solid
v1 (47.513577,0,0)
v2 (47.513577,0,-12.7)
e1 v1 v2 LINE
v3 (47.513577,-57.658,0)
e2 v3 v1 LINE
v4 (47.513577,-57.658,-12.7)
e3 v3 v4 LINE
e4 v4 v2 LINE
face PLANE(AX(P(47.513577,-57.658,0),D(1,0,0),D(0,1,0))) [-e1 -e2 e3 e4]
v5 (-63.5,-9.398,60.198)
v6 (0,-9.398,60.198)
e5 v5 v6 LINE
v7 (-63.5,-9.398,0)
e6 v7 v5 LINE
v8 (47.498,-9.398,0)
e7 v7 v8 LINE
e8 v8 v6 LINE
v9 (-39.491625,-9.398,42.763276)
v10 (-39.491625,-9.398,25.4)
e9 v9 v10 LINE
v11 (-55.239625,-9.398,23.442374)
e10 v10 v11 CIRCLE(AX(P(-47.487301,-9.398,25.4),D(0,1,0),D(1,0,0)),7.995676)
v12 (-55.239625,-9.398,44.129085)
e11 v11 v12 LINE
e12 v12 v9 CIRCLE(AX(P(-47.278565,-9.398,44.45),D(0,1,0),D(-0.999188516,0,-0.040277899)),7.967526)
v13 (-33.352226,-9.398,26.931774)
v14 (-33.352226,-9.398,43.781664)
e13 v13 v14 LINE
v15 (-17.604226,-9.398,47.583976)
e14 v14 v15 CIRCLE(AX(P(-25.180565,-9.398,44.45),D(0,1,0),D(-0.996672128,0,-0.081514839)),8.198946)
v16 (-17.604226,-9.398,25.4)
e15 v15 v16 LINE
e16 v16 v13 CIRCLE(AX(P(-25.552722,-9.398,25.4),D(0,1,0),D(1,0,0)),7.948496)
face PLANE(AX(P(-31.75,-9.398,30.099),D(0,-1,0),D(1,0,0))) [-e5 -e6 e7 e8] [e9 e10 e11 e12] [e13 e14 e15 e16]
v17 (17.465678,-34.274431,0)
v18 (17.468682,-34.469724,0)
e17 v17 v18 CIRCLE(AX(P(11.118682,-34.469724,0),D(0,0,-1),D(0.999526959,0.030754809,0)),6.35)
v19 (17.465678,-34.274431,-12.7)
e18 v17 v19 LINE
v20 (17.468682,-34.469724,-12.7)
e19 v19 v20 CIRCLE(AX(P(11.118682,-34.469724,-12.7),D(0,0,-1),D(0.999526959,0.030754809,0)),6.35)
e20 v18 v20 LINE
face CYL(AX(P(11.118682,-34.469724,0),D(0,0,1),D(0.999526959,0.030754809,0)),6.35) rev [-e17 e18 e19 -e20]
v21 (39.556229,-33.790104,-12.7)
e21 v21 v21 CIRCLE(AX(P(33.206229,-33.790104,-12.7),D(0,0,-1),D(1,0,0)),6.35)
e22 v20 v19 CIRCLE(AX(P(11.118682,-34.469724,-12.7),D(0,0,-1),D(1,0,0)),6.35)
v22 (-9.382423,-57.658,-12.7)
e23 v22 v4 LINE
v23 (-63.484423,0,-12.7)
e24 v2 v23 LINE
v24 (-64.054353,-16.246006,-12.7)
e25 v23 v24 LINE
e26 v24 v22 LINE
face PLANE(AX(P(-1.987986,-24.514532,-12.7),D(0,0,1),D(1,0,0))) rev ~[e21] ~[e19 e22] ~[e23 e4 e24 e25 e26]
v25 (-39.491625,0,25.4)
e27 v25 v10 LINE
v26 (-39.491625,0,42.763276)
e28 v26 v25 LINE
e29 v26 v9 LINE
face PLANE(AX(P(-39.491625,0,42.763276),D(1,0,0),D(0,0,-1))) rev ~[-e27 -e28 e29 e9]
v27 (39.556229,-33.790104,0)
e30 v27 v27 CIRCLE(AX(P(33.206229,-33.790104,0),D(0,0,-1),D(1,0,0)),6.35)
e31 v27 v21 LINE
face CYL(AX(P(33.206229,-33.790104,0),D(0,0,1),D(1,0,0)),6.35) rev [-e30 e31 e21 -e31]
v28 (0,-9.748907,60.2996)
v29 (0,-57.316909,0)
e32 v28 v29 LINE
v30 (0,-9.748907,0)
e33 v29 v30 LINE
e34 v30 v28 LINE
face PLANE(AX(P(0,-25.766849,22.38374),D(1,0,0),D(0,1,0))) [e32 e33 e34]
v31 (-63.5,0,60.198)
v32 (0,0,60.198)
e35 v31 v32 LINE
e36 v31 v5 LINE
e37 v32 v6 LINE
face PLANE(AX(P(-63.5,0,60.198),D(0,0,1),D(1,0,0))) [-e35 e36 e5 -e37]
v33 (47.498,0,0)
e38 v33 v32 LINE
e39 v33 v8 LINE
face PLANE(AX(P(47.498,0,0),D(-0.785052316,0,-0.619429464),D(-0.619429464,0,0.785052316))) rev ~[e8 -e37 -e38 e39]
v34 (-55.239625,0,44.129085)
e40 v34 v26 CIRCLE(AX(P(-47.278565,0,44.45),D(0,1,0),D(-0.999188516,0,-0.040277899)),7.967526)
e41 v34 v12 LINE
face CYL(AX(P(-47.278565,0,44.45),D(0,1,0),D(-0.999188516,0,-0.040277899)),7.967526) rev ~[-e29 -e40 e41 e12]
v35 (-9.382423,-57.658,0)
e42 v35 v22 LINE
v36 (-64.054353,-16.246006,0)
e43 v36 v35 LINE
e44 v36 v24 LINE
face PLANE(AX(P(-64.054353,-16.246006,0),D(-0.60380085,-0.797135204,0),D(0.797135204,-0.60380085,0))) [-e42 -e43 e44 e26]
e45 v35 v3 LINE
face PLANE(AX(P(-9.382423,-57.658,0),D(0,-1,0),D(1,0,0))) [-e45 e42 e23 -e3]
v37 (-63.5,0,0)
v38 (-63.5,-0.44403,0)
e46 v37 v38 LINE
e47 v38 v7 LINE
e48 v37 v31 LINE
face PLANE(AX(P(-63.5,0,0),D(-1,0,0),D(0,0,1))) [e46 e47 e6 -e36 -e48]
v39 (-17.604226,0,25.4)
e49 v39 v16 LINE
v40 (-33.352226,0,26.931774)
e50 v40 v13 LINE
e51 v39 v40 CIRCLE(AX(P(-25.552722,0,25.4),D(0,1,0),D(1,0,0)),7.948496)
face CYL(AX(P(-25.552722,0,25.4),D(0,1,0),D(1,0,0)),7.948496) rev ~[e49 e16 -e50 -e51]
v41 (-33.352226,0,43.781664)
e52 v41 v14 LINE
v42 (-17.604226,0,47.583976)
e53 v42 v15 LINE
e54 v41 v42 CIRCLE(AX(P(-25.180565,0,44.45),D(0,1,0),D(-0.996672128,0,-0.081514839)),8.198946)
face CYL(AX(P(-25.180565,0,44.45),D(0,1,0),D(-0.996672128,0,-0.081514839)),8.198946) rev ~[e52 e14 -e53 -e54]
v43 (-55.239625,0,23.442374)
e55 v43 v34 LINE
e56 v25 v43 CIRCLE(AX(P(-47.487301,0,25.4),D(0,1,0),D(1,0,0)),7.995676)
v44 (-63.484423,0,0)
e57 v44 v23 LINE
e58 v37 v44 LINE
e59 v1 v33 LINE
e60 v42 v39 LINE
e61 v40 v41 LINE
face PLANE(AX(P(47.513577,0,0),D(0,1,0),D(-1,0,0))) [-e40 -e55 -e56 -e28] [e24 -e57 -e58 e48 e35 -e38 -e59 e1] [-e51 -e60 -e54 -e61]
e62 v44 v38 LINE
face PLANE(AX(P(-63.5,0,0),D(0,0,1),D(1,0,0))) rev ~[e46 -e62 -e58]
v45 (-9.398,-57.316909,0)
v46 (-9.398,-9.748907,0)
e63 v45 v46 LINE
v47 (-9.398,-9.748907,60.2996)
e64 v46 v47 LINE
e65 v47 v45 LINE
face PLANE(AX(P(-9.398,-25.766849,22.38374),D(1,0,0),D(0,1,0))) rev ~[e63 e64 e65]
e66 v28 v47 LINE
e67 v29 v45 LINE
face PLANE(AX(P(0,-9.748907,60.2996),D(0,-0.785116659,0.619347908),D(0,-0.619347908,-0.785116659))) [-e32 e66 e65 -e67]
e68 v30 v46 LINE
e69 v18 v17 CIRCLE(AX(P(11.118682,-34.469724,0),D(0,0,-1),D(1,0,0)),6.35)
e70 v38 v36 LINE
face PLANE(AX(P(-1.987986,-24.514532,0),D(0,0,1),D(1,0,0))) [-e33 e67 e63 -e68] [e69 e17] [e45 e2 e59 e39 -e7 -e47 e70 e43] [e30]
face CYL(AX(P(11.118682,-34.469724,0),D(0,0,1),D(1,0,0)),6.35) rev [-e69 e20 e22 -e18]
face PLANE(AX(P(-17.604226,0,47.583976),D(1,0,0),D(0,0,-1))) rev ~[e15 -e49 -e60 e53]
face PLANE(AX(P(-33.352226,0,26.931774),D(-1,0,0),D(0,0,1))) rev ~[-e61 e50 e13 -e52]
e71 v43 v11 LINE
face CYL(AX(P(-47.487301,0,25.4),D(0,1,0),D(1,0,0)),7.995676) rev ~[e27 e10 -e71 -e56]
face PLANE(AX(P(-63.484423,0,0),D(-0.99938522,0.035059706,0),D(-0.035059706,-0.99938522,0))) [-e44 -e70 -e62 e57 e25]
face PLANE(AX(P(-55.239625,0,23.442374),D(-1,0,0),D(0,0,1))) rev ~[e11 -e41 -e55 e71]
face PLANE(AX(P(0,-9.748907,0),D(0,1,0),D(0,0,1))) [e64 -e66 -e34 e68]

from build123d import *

# Parameters (mm, degrees)
F0_W     = 63.5
F0_H     = 60.198
F1_DEPTH = 9.398
F3_DEPTH = 12.7
F5_DEPTH = 9.398


with BuildPart() as f1:
    # F0 (on Front) → F1 (new body)
    with BuildSketch(Plane.XZ):
        with Locations((-31.75, 30.099)):
            Rectangle(F0_W, F0_H)
        with BuildLine():
            ThreePointArc((-55.2396252751, 44.1290847957), (-46.5901332262, 52.387728278), (-39.4916252751, 42.7632755798))
            Line((-39.4916252751, 42.7632755798), (-39.4916252751, 25.4))
            ThreePointArc((-39.4916252751, 25.4), (-46.5009541347, 17.4653953282), (-55.2396252751, 23.442373583))
            Line((-55.2396252751, 23.442373583), (-55.2396252751, 44.1290847957))
        make_face(mode=Mode.SUBTRACT)
        with BuildLine():
            ThreePointArc((-33.3522260189, 43.7816642225), (-27.1048819761, 52.4199260723), (-17.6042260189, 47.5839761388))
            Line((-17.6042260189, 47.5839761388), (-17.6042260189, 25.4))
            ThreePointArc((-17.6042260189, 25.4), (-26.3222239844, 17.4888395764), (-33.3522260189, 26.9317744576))
            Line((-33.3522260189, 26.9317744576), (-33.3522260189, 43.7816642225))
        make_face(mode=Mode.SUBTRACT)
        Polygon((47.498, 0), (0, 60.198), (0, 0), align=None)
    extrude(amount=F1_DEPTH)

    # F2 (on Top) → F3 (join)
    with BuildSketch(Plane.XY):
        Polygon((47.5135771375, 0), (-63.4844228625, 0), (-64.0543534469, -16.2460061286), (-9.3824228625, -57.658), (47.5135771375, -57.658), align=None)
        with BuildLine():
            ThreePointArc((17.4686820134, -34.4697237222), (4.7694330104, -34.5673817862), (17.4656782032, -34.2744306938))
            ThreePointArc((17.4656782032, -34.2744306938), (17.4679310165, -34.3720656582), (17.4686820134, -34.4697237222))
        make_face(mode=Mode.SUBTRACT)
        with BuildLine():
            ThreePointArc((26.8592325641, -33.9853970117), (33.1085706899, -27.4408549802), (39.5562287539, -33.7901039832))
            ThreePointArc((39.5562287539, -33.7901039832), (33.3038868178, -40.1393529863), (26.8592325641, -33.9853970117))
        make_face(mode=Mode.SUBTRACT)
    extrude(amount=-F3_DEPTH)

    # F4 (on Right) → F5 (join)
    with BuildSketch(Plane.YZ):
        Polygon((-9.7489070876, 0), (-9.7489070876, 60.2996), (-57.3169094876, 0), align=None)
    extrude(amount=-F5_DEPTH)


solid = f1.part
